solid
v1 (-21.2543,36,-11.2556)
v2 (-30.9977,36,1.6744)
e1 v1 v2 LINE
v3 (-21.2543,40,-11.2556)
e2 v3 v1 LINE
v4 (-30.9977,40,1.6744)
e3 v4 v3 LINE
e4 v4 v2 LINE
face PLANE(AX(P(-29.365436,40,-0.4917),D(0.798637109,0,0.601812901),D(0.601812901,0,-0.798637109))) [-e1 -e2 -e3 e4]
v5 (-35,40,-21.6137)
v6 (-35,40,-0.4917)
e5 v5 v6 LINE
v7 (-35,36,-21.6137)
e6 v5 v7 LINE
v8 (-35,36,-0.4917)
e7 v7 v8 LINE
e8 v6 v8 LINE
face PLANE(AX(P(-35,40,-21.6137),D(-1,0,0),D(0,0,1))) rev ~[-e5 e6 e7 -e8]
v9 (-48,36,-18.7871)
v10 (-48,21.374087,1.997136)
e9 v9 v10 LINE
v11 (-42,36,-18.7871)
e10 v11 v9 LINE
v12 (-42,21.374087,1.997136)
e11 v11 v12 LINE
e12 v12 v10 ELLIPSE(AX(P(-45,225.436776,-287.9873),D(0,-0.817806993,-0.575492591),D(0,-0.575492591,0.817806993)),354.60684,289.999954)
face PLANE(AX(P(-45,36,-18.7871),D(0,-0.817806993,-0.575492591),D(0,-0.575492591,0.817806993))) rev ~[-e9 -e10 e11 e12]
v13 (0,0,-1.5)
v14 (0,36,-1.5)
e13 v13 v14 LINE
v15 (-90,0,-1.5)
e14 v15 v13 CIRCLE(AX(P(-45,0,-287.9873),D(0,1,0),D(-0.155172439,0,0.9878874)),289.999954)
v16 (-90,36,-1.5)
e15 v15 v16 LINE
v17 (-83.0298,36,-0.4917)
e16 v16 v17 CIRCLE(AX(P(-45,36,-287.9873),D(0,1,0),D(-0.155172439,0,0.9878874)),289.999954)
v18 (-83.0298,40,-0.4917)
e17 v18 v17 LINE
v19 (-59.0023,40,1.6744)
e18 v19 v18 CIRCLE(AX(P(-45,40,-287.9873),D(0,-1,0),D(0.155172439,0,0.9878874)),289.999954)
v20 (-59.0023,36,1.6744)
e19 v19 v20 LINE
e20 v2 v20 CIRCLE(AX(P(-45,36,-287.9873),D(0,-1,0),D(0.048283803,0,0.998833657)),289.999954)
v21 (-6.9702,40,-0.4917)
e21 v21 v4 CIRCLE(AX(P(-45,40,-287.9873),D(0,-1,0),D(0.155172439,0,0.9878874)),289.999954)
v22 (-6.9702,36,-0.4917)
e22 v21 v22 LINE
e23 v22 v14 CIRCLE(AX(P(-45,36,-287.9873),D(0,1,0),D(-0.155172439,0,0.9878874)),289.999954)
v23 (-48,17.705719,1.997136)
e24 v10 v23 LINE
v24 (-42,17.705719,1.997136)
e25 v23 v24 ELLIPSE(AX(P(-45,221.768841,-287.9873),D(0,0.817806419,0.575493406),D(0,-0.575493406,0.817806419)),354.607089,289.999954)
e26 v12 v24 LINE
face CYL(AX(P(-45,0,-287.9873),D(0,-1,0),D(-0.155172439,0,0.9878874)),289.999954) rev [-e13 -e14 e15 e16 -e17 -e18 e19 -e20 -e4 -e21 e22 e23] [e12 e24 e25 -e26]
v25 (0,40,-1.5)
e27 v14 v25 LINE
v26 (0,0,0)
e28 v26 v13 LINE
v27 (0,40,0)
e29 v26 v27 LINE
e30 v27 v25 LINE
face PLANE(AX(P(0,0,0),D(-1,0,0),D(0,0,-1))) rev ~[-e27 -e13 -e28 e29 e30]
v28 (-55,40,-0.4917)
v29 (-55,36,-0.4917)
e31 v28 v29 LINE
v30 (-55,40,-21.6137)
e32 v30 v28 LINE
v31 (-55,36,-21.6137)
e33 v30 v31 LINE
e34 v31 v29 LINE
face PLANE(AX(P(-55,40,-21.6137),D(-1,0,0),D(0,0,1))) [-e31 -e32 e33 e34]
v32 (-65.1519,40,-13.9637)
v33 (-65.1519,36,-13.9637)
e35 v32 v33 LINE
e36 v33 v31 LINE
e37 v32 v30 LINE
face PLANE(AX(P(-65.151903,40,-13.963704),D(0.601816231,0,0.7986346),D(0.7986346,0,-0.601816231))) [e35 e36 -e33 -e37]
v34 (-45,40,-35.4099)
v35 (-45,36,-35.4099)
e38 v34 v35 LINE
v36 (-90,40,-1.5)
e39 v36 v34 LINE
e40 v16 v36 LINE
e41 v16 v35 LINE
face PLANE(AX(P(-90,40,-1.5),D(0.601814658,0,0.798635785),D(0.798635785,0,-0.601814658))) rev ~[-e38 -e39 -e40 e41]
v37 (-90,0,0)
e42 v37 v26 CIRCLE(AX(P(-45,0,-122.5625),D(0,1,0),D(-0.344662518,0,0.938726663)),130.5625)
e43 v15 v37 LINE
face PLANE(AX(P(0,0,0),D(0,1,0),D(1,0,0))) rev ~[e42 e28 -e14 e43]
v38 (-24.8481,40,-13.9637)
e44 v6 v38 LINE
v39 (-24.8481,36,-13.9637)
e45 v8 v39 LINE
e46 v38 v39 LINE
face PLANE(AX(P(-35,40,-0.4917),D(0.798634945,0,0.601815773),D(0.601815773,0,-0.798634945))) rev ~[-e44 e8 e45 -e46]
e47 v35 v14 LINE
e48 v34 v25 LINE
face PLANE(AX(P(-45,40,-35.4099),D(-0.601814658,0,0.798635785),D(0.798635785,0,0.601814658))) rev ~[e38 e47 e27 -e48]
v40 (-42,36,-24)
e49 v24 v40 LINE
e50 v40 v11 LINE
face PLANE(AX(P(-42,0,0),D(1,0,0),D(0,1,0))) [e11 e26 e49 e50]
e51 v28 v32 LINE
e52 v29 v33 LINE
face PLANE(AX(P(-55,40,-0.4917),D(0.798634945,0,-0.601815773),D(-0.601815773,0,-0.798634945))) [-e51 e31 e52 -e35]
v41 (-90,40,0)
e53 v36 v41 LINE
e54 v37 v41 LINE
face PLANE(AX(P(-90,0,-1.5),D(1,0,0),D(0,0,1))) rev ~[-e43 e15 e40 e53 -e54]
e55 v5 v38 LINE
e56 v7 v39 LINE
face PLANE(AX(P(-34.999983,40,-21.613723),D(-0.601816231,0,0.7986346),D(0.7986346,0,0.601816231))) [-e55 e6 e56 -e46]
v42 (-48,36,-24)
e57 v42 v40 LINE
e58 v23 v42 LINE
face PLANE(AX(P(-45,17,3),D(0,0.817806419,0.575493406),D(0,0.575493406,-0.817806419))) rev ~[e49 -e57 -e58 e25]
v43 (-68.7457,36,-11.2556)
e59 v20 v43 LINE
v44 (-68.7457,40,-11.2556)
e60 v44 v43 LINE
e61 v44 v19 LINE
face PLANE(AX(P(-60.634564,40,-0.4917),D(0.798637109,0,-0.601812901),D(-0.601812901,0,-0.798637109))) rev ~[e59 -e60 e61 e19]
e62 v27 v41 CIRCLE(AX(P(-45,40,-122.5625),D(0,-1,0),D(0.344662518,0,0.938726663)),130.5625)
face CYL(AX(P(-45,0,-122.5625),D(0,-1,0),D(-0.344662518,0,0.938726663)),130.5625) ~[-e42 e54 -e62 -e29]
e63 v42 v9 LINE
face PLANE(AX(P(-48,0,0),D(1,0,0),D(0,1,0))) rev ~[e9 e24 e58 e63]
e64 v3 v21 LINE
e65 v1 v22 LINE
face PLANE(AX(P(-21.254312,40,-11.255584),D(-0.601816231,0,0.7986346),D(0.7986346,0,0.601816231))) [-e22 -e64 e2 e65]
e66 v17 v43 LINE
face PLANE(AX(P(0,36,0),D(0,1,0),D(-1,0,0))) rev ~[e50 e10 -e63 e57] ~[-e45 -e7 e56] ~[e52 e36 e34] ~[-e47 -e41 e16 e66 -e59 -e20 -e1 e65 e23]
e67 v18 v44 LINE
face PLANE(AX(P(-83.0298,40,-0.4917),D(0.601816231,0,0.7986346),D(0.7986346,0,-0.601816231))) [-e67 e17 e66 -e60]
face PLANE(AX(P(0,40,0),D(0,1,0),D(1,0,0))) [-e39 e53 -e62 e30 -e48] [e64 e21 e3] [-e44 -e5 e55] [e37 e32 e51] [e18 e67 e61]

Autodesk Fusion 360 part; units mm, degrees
sketch "Sketch1" plane through (0, 0, 0) normal (0, 1, 0) x (1, 0, 0)
  line L0 (0, 0) -> (-90, 0)
  line L1 (-90, 0) -> (-90, -8)
  line L2 (-90, -8) -> (0, -8)
  line L3 (0, -8) -> (0, 0)
  arc A0 (-90, 0) -> (0, 0) centre (-45, 122.5625) ccw
  line L4 (-90, 0) -> (0, 0)
  line L5 (0, 0) -> (0, 1.5)
  line L6 (0, 1.5) -> (-90, 1.5)
  line L7 (-90, 1.5) -> (-90, 0)
  arc A1 (-90, 1.5) -> (0, 1.5) centre (-45, 287.9873) ccw
  dimension "d1" = 8
  dimension "d2" = 90
  dimension "d3" = 1.5
  dimension "d4" = 290
extrude "Extrude1" add sketch "Sketch1" along normal blind 40 contours L0 A0 L4 A1 | L0 L4 L5 A1 | L0 L4 L7 A1
sketch "Sketch2" plane through (0, 40, 0) normal (0, 1, 0) x (-1, 0, 0)
  arc A0 (90, 0) -> (0, 0) centre (45, -122.5625) ccw
  line L0 (0, 0) -> (0, -1.5)
  arc A1 (90, -1.5) -> (0, -1.5) centre (45, -287.9873) ccw
  line L1 (90, -1.5) -> (90, 0)
  line L2 (90, -1.5) -> (45, -35.4099)
  line L3 (45, -35.4099) -> (0, -1.5)
  line L4 (83.0298, -0.4917) -> (45, -29.1493)
  line L5 (45, -29.1493) -> (6.9702, -0.4917)
  line L6 (45, -35.4099) -> (45, 3)
  line L7 (55, -21.6137) -> (55, 1.8402)
  line L8 (55, 1.8402) -> (45, 3)
  line L9 (45, 3) -> (35, 1.8402)
  line L10 (59.0023, 1.6744) -> (68.7457, -11.2556)
  line L11 (6.9702, -0.4917) -> (83.0298, -0.4917)
  line L12 (55, -0.4917) -> (65.1519, -13.9637)
  line L13 (30.9977, 1.6744) -> (21.2543, -11.2556)
  line L14 (35, -0.4917) -> (24.8481, -13.9637)
  line L15 (35, -21.6137) -> (35, 1.8402)
  dimension "d8" = 10
  dimension "d9" = 5
  dimension "d10" = 5
  dimension "d13" = 37
  dimension "d14" = 90
  dimension "d15" = 4.5
extrude "Extrude2" add sketch "Sketch2" against normal blind 4 contours A1 L2 L4 L6 | A1 L3 L5 L6 | A1 L7 L10 L11 | L4 L10 L11 L12 | L4 L6 L7 L11 | L5 L6 L11 L15 | A1 L11 L13 L15 | L5 L11 L13 L14 | A1 L6 L7 L11 | A1 L6 L11 L15
ref_plane "WorkPlane1" through (-45, 0, 0) normal (1, 0, 0) x (0, 1, 0)
sketch "Sketch3" plane through (-45, 0, 0) normal (1, 0, 0) x (0, 1, 0)
  line L0 (17, 3) -> (36, -24)
  line L1 (36, -24) -> (36, -18.7871)
  line L2 (36, -18.7871) -> (20.2674, 3.5698)
  line L3 (20.2674, 3.5698) -> (17, 3)
  dimension "d17" = 3
extrude "Extrude3" add sketch "Sketch3" along normal mid plane 6
